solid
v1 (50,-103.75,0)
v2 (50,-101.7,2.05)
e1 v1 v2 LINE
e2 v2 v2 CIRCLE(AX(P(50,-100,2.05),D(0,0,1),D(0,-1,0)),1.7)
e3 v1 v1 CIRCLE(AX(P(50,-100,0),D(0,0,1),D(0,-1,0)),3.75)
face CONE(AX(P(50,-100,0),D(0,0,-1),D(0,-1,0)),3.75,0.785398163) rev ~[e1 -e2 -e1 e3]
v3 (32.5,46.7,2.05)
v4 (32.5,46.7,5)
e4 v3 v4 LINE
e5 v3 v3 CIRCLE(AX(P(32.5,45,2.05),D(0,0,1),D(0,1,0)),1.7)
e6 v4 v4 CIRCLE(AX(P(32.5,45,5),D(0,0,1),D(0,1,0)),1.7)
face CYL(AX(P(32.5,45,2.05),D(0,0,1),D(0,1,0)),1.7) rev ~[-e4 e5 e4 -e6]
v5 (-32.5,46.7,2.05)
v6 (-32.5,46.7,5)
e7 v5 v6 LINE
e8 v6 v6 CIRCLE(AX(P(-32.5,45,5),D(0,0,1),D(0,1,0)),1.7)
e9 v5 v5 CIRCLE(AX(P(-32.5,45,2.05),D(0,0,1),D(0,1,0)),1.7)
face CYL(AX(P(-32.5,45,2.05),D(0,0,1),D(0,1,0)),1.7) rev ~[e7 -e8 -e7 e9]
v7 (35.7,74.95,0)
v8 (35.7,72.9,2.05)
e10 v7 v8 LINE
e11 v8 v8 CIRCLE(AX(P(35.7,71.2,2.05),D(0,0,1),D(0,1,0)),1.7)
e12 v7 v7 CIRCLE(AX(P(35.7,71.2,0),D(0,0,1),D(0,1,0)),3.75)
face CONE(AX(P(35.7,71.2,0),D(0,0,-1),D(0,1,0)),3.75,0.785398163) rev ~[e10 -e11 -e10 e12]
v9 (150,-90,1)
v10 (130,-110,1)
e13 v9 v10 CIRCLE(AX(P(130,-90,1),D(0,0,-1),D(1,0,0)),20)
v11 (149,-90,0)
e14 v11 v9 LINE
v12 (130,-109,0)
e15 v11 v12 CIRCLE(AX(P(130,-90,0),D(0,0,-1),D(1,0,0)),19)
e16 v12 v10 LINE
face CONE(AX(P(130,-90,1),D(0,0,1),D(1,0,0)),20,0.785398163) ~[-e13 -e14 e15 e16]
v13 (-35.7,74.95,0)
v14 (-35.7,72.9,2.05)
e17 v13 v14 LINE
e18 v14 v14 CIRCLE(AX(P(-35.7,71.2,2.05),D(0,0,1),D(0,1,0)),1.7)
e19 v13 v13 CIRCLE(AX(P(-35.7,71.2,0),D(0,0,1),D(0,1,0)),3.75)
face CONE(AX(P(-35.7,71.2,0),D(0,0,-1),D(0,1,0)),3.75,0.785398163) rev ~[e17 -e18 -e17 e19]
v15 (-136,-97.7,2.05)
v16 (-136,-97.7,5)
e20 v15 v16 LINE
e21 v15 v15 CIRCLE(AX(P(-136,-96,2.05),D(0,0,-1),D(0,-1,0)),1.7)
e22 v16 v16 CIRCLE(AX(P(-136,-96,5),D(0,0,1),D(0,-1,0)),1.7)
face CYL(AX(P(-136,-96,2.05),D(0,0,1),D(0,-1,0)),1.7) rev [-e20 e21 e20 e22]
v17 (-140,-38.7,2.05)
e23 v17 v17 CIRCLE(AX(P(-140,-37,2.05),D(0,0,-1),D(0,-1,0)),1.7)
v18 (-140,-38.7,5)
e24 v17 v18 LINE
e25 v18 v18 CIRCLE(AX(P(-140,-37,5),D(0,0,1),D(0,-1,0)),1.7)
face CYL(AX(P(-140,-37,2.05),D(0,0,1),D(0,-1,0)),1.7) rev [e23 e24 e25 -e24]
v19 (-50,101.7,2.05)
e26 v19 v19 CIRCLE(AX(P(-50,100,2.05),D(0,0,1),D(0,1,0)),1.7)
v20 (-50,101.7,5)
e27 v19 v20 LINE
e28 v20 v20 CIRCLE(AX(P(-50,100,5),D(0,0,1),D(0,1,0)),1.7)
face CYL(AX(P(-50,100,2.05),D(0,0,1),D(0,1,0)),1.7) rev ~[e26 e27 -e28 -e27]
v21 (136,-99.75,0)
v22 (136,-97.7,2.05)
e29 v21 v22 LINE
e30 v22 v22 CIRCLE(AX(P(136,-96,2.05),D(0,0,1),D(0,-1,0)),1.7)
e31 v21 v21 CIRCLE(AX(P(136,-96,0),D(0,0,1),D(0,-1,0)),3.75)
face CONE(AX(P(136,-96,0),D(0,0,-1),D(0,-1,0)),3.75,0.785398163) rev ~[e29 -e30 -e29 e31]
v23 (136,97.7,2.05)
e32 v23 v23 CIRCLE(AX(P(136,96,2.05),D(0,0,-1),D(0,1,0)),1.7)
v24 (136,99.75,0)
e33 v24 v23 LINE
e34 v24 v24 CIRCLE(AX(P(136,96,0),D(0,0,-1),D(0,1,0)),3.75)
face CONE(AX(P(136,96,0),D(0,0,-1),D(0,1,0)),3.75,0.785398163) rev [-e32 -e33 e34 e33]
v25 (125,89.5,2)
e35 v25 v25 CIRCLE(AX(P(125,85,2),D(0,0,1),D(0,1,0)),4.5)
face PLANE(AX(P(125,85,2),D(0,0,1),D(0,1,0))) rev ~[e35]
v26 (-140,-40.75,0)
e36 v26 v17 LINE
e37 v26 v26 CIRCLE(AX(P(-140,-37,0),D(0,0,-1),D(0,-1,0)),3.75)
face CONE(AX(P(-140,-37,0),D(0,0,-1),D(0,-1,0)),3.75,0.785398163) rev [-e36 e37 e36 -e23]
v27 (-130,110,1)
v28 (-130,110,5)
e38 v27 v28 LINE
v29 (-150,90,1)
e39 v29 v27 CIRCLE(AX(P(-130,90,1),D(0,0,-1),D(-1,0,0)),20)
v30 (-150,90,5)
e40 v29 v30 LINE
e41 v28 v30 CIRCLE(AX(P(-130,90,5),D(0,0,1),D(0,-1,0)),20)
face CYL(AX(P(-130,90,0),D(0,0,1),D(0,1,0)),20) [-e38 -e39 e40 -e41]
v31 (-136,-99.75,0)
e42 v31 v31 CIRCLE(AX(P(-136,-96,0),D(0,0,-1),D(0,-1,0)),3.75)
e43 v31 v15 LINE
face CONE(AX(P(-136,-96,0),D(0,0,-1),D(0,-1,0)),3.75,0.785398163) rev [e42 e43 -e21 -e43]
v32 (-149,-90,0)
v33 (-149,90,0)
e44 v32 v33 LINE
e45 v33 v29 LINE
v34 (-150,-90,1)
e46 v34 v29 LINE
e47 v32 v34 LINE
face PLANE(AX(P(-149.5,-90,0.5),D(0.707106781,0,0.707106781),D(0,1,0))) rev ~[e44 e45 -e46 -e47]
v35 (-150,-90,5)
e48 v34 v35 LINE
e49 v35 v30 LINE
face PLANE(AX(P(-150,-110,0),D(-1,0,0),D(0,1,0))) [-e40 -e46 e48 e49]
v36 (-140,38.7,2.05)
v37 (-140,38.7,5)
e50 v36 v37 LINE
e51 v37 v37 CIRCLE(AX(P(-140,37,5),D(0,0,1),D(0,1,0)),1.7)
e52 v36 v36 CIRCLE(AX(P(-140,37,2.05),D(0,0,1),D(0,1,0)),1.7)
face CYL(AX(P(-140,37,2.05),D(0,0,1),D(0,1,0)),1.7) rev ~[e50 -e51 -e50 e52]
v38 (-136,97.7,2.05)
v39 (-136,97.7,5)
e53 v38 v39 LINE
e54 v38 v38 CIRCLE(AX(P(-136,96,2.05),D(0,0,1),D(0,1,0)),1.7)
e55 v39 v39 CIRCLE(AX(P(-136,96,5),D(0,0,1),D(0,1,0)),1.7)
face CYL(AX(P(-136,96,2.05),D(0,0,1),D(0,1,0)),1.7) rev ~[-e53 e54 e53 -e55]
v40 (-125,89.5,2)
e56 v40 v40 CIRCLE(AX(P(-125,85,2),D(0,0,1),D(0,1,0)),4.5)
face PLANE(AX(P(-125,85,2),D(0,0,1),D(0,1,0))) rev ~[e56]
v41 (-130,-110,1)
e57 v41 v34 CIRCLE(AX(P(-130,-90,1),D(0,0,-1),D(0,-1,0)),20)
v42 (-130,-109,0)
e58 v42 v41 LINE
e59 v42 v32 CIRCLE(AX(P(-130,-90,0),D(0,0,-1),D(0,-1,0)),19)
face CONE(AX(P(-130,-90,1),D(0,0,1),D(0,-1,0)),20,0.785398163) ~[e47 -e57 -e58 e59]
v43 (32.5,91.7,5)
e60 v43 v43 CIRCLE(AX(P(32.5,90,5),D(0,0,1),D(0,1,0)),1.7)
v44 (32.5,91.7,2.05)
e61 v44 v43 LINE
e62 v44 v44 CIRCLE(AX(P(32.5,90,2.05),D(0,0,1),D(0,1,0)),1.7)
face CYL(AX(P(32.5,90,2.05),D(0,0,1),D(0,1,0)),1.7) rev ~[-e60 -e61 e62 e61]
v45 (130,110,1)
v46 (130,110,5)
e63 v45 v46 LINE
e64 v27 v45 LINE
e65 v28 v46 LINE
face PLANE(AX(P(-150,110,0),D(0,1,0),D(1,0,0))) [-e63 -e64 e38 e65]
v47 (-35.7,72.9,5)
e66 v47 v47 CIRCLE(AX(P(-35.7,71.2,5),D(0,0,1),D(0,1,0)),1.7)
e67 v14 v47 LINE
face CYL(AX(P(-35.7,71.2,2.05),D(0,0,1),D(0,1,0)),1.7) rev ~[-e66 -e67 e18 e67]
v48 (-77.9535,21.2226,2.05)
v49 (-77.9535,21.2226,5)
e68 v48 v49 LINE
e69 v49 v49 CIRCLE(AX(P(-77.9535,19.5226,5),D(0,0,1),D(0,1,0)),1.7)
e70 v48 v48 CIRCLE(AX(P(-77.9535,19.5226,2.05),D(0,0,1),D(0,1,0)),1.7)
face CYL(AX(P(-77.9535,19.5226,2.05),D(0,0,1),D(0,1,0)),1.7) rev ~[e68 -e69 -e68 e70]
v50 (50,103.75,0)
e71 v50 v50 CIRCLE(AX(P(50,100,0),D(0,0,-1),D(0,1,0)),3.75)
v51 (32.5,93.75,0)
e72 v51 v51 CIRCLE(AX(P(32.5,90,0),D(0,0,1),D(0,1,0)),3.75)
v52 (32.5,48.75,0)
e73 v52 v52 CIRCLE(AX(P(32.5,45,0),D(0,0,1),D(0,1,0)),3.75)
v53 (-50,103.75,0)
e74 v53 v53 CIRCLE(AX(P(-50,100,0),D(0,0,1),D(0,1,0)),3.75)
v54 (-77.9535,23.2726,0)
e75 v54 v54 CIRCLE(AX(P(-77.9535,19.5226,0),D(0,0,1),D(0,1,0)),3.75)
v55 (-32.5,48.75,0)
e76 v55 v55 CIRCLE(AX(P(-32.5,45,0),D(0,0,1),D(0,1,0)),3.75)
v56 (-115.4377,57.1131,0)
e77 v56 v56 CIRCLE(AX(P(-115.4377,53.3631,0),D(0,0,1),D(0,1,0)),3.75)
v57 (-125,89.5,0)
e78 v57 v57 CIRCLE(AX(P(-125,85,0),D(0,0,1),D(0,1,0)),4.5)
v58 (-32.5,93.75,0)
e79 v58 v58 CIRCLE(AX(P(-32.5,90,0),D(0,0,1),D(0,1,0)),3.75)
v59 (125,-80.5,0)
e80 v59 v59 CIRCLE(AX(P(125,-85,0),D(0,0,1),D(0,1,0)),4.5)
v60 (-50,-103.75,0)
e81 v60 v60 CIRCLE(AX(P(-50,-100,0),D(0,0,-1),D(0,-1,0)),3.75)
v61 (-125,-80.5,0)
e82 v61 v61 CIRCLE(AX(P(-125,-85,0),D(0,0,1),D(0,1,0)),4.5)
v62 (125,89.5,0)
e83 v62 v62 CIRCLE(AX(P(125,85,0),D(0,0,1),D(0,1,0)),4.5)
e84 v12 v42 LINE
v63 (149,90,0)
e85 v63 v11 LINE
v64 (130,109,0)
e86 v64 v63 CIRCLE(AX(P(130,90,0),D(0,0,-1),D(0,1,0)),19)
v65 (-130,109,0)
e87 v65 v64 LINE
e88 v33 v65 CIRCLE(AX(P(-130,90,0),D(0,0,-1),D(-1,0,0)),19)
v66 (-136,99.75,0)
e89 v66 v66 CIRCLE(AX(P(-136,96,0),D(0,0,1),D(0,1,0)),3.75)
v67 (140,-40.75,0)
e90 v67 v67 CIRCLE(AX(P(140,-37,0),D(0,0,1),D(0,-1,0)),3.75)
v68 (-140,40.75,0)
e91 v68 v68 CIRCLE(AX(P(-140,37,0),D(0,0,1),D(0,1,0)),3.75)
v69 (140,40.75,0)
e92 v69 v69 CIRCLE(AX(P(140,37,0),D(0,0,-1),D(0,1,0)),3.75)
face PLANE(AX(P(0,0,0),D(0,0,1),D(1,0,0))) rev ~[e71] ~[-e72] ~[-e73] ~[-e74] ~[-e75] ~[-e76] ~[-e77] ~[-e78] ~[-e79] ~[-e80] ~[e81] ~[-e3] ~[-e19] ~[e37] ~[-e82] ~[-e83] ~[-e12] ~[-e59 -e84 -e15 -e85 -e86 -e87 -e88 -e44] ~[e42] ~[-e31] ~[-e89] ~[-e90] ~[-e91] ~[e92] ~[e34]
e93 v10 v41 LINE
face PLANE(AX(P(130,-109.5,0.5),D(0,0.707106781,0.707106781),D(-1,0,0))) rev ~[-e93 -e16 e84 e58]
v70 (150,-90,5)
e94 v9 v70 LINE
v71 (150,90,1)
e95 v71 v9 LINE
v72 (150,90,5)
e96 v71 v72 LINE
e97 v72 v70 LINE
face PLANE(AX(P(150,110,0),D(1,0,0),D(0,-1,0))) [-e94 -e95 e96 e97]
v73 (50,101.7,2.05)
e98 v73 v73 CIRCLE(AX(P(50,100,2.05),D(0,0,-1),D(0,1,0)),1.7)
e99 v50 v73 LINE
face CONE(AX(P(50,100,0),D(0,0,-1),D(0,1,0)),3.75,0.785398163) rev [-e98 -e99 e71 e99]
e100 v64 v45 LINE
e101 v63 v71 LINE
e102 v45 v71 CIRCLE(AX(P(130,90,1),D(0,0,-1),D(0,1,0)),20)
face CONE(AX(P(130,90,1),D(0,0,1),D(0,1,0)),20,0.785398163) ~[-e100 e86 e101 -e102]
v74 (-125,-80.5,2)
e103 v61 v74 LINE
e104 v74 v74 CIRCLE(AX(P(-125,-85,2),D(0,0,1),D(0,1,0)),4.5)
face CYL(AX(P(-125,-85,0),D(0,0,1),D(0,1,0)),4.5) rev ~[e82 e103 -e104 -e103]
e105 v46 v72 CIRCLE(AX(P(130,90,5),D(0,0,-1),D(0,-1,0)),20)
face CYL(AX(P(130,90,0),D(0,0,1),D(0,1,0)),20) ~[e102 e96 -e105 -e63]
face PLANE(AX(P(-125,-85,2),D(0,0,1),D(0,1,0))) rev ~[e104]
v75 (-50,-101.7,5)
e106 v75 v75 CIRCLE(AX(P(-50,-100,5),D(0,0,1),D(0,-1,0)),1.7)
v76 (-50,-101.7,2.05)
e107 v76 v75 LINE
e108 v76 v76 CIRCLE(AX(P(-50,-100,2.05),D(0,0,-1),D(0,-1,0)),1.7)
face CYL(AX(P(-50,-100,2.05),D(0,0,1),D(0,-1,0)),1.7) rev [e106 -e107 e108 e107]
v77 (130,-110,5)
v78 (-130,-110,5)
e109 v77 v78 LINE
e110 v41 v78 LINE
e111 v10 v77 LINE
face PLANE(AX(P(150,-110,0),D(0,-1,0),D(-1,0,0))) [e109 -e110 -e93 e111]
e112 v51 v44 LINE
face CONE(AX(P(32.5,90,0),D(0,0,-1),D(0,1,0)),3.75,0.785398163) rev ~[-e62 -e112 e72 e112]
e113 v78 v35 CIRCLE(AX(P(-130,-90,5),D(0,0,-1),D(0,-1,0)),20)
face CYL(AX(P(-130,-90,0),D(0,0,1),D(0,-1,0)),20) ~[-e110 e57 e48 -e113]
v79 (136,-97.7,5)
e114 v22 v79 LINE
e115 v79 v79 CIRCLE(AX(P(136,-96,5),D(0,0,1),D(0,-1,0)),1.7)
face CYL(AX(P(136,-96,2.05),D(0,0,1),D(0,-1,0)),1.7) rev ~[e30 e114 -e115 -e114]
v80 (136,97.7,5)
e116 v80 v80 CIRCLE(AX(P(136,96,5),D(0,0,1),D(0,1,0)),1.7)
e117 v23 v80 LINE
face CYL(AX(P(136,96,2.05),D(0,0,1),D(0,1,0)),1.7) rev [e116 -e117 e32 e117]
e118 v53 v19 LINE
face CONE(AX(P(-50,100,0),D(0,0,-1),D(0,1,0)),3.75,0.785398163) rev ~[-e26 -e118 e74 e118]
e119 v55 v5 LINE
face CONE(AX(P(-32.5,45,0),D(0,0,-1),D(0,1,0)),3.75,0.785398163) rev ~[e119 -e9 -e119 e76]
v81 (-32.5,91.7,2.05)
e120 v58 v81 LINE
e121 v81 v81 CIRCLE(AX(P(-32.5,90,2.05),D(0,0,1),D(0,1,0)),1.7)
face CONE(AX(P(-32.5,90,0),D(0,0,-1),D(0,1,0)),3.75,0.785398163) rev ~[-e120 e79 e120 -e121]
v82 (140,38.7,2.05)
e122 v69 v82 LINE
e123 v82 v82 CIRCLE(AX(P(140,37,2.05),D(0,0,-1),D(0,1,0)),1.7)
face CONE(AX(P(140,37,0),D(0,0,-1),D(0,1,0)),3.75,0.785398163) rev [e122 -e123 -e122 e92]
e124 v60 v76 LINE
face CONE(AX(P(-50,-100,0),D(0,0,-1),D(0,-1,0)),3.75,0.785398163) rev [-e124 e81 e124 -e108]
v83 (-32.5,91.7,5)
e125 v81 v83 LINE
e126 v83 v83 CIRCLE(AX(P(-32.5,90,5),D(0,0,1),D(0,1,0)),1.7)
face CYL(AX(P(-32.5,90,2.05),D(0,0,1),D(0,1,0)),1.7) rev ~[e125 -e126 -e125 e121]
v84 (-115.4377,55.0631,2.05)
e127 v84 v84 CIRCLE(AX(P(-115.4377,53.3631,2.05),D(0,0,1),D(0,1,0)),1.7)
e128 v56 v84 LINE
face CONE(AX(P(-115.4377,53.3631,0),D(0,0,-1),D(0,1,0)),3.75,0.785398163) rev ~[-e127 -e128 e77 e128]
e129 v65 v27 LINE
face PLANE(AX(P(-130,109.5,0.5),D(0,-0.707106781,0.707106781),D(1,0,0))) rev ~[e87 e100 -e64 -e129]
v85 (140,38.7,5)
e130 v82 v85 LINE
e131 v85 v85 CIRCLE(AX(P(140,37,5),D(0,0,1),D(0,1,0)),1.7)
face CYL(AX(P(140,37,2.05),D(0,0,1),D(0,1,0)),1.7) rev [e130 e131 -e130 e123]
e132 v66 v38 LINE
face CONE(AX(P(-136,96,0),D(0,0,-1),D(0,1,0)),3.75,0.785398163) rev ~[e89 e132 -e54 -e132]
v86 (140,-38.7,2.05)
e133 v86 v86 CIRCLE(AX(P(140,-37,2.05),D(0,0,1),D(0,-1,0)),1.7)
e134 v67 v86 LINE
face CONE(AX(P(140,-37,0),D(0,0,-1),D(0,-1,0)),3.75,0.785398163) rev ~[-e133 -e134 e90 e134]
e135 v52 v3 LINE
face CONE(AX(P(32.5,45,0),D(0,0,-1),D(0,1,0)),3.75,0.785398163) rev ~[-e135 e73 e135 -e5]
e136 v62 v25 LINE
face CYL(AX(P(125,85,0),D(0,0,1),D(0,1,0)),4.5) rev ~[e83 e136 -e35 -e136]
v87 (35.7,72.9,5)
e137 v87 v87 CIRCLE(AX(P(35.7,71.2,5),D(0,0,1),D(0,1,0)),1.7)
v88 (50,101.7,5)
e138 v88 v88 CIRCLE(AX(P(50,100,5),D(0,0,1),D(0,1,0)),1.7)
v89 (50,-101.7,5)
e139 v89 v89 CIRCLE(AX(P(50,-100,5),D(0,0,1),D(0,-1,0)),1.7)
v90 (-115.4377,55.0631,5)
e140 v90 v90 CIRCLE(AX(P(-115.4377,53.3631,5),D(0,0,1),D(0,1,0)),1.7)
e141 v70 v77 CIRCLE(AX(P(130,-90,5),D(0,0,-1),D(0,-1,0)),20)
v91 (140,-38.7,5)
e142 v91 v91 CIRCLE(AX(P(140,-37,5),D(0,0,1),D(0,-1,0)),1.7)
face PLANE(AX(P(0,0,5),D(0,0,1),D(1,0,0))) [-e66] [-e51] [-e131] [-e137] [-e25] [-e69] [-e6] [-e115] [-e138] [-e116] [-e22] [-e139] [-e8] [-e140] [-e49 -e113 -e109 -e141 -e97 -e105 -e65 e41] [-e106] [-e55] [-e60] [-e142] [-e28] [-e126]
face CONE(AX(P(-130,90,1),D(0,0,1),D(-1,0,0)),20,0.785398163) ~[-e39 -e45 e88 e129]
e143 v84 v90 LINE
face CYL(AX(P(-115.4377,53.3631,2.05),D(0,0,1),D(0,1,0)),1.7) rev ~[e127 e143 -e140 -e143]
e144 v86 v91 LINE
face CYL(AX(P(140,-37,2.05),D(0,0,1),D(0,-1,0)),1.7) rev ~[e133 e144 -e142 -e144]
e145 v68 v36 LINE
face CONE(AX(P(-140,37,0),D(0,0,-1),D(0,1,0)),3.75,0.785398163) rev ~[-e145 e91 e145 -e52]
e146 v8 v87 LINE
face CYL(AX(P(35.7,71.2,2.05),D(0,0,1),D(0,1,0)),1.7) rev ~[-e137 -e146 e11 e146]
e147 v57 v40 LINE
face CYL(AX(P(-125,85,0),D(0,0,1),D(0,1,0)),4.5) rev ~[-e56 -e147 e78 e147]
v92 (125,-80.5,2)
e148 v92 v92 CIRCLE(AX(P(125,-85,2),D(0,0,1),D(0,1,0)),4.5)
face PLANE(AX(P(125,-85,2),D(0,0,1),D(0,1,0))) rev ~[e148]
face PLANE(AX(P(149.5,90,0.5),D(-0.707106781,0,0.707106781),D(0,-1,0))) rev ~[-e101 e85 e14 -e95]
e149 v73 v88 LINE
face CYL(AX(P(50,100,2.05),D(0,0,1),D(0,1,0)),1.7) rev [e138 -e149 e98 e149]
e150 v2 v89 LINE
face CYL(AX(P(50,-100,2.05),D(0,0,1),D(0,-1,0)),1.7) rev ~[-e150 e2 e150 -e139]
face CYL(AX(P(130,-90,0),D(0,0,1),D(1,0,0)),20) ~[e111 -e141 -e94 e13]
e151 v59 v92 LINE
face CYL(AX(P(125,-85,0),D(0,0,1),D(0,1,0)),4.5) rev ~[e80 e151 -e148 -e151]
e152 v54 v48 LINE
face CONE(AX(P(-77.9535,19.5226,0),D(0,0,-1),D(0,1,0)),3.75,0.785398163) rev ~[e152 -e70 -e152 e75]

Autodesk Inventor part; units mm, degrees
ref_plane "YZ Plane" through (0, 0, 0) normal (1, 0, 0) x (0, 1, 0)
ref_plane "XZ Plane" through (0, 0, 0) normal (0, 1, 0) x (-1, 0, 0)
ref_plane "XY Plane" through (0, 0, 0) normal (0, 0, 1) x (1, 0, 0)
sketch "Sketch1" plane through (0, 0, 0) normal (0, 0, 1) x (1, 0, 0)
  line L0 (-150, 110) -> (150, 110)
  line L1 (150, 110) -> (150, -110)
  line L2 (150, -110) -> (-150, -110)
  line L3 (-150, -110) -> (-150, 110)
  line L4 (-150, 110) -> (150, -110) construction
  line L5 (150, 110) -> (-150, -110) construction
  point P0 (0, 0)
  dimension "d0" = 300
  dimension "d1" = 220
extrude "Extrusion1" add sketch "Sketch1" along normal blind 5
fillet "Fillet2" radius 20 4 edges at (-150, 110, 2.5) (-150, -110, 2.5) (150, -110, 2.5) (150, 110, 2.5)
chamfer "Chamfer1" distance 1 angle 45 8 edges at (0, -110, 0) (144.1421, -104.1421, 0) (150, 0, 0) (144.1421, 104.1421, 0) (0, 110, 0) (-144.1421, 104.1421, 0) (-150, 0, 0) (-144.1421, -104.1421, 0)
sketch "Sketch8" plane through (0, 0, 0) normal (0, 0, 1) x (1, 0, 0)
  line L0 (-130, 110) -> (130, 110) projected
  line L1 (-150, -90) -> (-150, 90) projected
  point P0 (0, 0)
  point P1 (-140, 37)
  point P2 (-50, 100)
  point P3 (-136, 96)
  dimension "d100" = 14
  dimension "d101" = 14
  dimension "d102" = 10
  dimension "d103" = 10
  dimension "d104" = 100
  dimension "d105" = 73
hole "Hole4" at (-140, 37, 0) at (-50, 100, 0) at (-136, 96, 0) direction (0, 0, 1) diameter 3.4 end through all countersink diameter 7.5 countersink angle 90 clearance for "Countersunk Flat Head Hex Socket Screw ISO 10642" size "M3" standard "ISO"
mirror "Mirror1" about plane through (0, 0, 0) normal (1, 0, 0) of "Hole4"
mirror "Mirror2" about plane through (0, 0, 0) normal (0, 1, 0) of "Hole4", "Mirror1"
sketch "Sketch9" plane through (0, 0, 0) normal (0, 0, -1) x (-1, 0, 0)
  line L0 (125, -85) -> (-125, -85) construction
  line L1 (-125, -85) -> (-125, 85) construction
  line L2 (-125, 85) -> (125, 85) construction
  line L3 (125, 85) -> (125, -85) construction
  line L4 (150, 90) -> (150, -90) projected
  line L5 (-130, 110) -> (130, 110) projected
  point P0 (0, 0)
  point P1 (0, 85)
  point P2 (-125, 0)
  dimension "d106" = 25
  dimension "d107" = 25
hole "Hole5" at (-125, -85, 0) at (125, 85, 0) at (125, -85, 0) at (-125, 85, 0) direction (0, 0, 1) diameter 9 depth 2
sketch "Sketch10" plane through (0, 0, 0) normal (0, 0, -1) x (-1, 0, 0)
  line L0 (-35.7, 71.2) -> (35.7, 71.2) construction
  point P0 (0, 71.2)
  point P1 (0, 0)
  dimension "d115" = 71.2
  dimension "d116" = 71.4
hole "Hole6" at (35.7, 71.2, 0) at (-35.7, 71.2, 0) direction (0, 0, 1) diameter 3.4 end through all countersink diameter 7.5 countersink angle 90 clearance for "Countersunk Flat Head Hex Socket Screw ISO 10642" size "M3" standard "ISO"
sketch "Sketch11" plane through (0, 0, 0) normal (0, 0, -1) x (-1, 0, 0)
  line L0 (77.9535, 19.5226) -> (115.4377, 53.3631) construction
  line L1 (34.4702, 98.6683) -> (96.6956, 36.4429) construction
  line L2 (-130, 110) -> (130, 110) projected
  point P0 (0, 0)
  dimension "d124" = 50.5
  dimension "d134" = 87.076
  dimension "d135" = 88
  dimension "d136" = 45
hole "Hole7" at (-77.9535, 19.5226, 0) at (-115.4377, 53.3631, 0) direction (0, 0, 1) diameter 3.4 end through all countersink diameter 7.5 countersink angle 90 clearance for "Countersunk Flat Head Hex Socket Screw ISO 10642" size "M3" standard "ISO"
sketch "Sketch12" plane through (0, 0, 0) normal (0, 0, -1) x (-1, 0, 0)
  line L0 (-32.5, 90) -> (32.5, 90) construction
  line L1 (32.5, 90) -> (32.5, 45) construction
  line L2 (32.5, 45) -> (-32.5, 45) construction
  line L3 (-32.5, 45) -> (-32.5, 90) construction
  point P0 (0, 0)
  point P1 (0, 45)
  dimension "d137" = 45
  dimension "d138" = 45
  dimension "d139" = 65
hole "Hole8" at (32.5, 90, 0) at (-32.5, 45, 0) at (-32.5, 90, 0) at (32.5, 45, 0) direction (0, 0, 1) diameter 3.4 end through all countersink diameter 7.5 countersink angle 90 clearance for "Countersunk Flat Head Hex Socket Screw ISO 10642" size "M3" standard "ISO"
equation "\"d101\" = d100"
equation "\"d103\" = d102"
equation "\"d107\" = d106"
properties part number "Bottom Plate Sanwa" material "Polycarbonate, Clear"
